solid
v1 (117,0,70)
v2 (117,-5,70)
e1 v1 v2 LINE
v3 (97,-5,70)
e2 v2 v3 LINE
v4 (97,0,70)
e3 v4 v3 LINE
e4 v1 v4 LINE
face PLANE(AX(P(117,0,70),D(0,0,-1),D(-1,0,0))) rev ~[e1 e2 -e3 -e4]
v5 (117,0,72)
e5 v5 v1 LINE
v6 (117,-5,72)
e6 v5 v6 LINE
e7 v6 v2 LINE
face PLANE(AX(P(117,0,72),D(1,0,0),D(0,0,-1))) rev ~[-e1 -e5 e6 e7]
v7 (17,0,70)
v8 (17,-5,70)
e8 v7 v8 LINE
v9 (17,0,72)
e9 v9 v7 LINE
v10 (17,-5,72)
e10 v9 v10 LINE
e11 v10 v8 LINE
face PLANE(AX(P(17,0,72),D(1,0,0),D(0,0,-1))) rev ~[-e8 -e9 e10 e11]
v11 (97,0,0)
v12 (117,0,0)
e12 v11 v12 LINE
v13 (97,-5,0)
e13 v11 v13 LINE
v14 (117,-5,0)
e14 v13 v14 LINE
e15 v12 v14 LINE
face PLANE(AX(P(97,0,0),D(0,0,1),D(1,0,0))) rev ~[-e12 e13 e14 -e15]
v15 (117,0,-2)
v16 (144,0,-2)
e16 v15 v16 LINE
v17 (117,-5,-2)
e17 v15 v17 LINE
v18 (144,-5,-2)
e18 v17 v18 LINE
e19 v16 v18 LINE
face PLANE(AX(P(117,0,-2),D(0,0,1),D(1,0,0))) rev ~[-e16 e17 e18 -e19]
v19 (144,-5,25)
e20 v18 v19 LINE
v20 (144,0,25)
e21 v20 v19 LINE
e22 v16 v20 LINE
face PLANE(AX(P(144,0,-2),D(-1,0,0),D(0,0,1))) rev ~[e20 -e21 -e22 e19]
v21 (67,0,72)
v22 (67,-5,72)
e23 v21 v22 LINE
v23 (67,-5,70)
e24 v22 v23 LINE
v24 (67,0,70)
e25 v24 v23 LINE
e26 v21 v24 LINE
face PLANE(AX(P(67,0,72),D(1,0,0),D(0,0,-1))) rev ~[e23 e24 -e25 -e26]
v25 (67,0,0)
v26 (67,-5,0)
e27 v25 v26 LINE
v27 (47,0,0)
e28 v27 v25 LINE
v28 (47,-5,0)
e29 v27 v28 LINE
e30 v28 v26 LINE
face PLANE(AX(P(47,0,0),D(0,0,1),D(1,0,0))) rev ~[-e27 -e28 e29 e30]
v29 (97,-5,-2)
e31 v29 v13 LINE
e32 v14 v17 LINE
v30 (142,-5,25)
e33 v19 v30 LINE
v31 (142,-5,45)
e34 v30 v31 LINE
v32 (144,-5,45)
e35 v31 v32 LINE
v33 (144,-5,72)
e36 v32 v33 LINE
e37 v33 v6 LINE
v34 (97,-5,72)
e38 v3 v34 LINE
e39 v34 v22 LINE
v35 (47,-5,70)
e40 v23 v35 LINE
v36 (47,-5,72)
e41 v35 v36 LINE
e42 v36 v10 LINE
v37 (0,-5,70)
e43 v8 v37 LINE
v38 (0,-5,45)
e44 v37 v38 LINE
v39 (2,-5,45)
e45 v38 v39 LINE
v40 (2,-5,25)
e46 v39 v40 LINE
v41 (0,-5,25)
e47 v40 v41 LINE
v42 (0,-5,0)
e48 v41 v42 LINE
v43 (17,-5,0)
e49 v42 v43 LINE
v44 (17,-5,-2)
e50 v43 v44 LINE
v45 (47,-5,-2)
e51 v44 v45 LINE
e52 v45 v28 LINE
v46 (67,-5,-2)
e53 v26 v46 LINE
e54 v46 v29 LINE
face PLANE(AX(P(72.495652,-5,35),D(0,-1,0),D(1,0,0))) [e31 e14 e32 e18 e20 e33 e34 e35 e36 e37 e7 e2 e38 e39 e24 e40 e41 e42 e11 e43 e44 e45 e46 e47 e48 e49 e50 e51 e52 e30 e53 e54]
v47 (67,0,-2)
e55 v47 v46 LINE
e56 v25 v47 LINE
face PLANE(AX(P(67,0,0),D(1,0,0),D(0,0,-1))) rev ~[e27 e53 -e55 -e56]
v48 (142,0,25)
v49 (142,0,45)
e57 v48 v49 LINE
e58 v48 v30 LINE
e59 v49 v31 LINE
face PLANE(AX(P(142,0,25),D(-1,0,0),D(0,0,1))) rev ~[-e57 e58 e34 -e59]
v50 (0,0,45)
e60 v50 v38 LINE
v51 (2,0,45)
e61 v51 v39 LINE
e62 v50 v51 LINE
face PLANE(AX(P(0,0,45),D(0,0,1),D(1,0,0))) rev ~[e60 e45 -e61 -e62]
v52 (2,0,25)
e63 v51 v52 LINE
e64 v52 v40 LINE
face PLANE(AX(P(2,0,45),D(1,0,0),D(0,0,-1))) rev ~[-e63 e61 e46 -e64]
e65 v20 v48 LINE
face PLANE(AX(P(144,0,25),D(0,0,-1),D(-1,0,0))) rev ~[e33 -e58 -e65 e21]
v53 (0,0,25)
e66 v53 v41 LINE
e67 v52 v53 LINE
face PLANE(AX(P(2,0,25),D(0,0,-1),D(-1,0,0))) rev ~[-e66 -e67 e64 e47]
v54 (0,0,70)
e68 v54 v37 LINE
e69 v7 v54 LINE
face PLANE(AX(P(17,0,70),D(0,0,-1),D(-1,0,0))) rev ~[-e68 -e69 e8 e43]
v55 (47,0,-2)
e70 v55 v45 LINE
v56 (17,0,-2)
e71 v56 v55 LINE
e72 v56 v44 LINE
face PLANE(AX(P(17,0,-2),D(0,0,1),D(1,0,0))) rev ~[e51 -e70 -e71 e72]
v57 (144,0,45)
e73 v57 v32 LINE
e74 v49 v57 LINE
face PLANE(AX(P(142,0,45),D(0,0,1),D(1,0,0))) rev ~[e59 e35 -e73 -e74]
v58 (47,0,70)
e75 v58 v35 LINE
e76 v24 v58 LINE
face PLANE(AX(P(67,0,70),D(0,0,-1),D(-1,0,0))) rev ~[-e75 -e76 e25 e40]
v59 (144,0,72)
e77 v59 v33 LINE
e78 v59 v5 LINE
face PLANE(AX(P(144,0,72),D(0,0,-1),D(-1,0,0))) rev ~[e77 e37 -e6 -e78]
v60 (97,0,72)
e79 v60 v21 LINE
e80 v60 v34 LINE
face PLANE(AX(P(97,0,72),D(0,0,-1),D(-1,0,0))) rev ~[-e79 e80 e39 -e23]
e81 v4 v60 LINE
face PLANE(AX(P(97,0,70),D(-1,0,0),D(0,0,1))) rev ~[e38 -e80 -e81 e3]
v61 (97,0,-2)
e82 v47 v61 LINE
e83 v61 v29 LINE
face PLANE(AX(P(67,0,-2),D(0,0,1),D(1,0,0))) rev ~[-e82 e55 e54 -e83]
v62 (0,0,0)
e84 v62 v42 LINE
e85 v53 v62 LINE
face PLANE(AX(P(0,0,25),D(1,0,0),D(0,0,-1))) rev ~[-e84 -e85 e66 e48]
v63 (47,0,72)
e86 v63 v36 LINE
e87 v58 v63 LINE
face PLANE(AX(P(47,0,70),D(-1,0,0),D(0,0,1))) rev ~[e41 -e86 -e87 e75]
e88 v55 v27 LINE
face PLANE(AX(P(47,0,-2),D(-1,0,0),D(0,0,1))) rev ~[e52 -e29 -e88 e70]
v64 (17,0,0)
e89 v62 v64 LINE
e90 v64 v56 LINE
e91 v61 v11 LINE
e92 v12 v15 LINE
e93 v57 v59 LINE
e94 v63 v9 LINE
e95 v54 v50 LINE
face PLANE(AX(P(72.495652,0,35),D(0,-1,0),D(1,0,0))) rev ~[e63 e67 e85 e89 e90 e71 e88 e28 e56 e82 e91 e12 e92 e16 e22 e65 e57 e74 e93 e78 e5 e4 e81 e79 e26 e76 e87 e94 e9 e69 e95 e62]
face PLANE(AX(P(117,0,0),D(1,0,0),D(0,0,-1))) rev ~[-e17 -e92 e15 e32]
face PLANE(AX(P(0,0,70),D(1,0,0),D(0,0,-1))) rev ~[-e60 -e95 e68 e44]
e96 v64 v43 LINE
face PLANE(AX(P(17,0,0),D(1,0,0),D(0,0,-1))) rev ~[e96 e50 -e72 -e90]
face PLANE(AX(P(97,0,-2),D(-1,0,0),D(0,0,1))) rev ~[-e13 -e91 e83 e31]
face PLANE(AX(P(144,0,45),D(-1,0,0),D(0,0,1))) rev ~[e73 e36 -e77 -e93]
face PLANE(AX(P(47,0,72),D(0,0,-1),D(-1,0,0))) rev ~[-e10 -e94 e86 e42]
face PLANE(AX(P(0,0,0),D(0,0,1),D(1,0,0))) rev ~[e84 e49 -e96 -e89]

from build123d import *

# Parameters (mm, degrees)
F1_DEPTH = 5


with BuildPart() as f1:
    # F0 (on Front) → F1 (new body)
    with BuildSketch(Plane.XZ):
        Polygon((0, 25), (0, 0), (17, 0), (17, -2), (47, -2), (47, 0), (67, 0), (67, -2), (97, -2), (97, 0), (117, 0), (117, -2), (144, -2), (144, 25), (142, 25), (142, 45), (144, 45), (144, 72), (117, 72), (117, 70), (97, 70), (97, 72), (67, 72), (67, 70), (47, 70), (47, 72), (17, 72), (17, 70), (0, 70), (0, 45), (2, 45), (2, 25), align=None)
    extrude(amount=F1_DEPTH)


solid = f1.part
